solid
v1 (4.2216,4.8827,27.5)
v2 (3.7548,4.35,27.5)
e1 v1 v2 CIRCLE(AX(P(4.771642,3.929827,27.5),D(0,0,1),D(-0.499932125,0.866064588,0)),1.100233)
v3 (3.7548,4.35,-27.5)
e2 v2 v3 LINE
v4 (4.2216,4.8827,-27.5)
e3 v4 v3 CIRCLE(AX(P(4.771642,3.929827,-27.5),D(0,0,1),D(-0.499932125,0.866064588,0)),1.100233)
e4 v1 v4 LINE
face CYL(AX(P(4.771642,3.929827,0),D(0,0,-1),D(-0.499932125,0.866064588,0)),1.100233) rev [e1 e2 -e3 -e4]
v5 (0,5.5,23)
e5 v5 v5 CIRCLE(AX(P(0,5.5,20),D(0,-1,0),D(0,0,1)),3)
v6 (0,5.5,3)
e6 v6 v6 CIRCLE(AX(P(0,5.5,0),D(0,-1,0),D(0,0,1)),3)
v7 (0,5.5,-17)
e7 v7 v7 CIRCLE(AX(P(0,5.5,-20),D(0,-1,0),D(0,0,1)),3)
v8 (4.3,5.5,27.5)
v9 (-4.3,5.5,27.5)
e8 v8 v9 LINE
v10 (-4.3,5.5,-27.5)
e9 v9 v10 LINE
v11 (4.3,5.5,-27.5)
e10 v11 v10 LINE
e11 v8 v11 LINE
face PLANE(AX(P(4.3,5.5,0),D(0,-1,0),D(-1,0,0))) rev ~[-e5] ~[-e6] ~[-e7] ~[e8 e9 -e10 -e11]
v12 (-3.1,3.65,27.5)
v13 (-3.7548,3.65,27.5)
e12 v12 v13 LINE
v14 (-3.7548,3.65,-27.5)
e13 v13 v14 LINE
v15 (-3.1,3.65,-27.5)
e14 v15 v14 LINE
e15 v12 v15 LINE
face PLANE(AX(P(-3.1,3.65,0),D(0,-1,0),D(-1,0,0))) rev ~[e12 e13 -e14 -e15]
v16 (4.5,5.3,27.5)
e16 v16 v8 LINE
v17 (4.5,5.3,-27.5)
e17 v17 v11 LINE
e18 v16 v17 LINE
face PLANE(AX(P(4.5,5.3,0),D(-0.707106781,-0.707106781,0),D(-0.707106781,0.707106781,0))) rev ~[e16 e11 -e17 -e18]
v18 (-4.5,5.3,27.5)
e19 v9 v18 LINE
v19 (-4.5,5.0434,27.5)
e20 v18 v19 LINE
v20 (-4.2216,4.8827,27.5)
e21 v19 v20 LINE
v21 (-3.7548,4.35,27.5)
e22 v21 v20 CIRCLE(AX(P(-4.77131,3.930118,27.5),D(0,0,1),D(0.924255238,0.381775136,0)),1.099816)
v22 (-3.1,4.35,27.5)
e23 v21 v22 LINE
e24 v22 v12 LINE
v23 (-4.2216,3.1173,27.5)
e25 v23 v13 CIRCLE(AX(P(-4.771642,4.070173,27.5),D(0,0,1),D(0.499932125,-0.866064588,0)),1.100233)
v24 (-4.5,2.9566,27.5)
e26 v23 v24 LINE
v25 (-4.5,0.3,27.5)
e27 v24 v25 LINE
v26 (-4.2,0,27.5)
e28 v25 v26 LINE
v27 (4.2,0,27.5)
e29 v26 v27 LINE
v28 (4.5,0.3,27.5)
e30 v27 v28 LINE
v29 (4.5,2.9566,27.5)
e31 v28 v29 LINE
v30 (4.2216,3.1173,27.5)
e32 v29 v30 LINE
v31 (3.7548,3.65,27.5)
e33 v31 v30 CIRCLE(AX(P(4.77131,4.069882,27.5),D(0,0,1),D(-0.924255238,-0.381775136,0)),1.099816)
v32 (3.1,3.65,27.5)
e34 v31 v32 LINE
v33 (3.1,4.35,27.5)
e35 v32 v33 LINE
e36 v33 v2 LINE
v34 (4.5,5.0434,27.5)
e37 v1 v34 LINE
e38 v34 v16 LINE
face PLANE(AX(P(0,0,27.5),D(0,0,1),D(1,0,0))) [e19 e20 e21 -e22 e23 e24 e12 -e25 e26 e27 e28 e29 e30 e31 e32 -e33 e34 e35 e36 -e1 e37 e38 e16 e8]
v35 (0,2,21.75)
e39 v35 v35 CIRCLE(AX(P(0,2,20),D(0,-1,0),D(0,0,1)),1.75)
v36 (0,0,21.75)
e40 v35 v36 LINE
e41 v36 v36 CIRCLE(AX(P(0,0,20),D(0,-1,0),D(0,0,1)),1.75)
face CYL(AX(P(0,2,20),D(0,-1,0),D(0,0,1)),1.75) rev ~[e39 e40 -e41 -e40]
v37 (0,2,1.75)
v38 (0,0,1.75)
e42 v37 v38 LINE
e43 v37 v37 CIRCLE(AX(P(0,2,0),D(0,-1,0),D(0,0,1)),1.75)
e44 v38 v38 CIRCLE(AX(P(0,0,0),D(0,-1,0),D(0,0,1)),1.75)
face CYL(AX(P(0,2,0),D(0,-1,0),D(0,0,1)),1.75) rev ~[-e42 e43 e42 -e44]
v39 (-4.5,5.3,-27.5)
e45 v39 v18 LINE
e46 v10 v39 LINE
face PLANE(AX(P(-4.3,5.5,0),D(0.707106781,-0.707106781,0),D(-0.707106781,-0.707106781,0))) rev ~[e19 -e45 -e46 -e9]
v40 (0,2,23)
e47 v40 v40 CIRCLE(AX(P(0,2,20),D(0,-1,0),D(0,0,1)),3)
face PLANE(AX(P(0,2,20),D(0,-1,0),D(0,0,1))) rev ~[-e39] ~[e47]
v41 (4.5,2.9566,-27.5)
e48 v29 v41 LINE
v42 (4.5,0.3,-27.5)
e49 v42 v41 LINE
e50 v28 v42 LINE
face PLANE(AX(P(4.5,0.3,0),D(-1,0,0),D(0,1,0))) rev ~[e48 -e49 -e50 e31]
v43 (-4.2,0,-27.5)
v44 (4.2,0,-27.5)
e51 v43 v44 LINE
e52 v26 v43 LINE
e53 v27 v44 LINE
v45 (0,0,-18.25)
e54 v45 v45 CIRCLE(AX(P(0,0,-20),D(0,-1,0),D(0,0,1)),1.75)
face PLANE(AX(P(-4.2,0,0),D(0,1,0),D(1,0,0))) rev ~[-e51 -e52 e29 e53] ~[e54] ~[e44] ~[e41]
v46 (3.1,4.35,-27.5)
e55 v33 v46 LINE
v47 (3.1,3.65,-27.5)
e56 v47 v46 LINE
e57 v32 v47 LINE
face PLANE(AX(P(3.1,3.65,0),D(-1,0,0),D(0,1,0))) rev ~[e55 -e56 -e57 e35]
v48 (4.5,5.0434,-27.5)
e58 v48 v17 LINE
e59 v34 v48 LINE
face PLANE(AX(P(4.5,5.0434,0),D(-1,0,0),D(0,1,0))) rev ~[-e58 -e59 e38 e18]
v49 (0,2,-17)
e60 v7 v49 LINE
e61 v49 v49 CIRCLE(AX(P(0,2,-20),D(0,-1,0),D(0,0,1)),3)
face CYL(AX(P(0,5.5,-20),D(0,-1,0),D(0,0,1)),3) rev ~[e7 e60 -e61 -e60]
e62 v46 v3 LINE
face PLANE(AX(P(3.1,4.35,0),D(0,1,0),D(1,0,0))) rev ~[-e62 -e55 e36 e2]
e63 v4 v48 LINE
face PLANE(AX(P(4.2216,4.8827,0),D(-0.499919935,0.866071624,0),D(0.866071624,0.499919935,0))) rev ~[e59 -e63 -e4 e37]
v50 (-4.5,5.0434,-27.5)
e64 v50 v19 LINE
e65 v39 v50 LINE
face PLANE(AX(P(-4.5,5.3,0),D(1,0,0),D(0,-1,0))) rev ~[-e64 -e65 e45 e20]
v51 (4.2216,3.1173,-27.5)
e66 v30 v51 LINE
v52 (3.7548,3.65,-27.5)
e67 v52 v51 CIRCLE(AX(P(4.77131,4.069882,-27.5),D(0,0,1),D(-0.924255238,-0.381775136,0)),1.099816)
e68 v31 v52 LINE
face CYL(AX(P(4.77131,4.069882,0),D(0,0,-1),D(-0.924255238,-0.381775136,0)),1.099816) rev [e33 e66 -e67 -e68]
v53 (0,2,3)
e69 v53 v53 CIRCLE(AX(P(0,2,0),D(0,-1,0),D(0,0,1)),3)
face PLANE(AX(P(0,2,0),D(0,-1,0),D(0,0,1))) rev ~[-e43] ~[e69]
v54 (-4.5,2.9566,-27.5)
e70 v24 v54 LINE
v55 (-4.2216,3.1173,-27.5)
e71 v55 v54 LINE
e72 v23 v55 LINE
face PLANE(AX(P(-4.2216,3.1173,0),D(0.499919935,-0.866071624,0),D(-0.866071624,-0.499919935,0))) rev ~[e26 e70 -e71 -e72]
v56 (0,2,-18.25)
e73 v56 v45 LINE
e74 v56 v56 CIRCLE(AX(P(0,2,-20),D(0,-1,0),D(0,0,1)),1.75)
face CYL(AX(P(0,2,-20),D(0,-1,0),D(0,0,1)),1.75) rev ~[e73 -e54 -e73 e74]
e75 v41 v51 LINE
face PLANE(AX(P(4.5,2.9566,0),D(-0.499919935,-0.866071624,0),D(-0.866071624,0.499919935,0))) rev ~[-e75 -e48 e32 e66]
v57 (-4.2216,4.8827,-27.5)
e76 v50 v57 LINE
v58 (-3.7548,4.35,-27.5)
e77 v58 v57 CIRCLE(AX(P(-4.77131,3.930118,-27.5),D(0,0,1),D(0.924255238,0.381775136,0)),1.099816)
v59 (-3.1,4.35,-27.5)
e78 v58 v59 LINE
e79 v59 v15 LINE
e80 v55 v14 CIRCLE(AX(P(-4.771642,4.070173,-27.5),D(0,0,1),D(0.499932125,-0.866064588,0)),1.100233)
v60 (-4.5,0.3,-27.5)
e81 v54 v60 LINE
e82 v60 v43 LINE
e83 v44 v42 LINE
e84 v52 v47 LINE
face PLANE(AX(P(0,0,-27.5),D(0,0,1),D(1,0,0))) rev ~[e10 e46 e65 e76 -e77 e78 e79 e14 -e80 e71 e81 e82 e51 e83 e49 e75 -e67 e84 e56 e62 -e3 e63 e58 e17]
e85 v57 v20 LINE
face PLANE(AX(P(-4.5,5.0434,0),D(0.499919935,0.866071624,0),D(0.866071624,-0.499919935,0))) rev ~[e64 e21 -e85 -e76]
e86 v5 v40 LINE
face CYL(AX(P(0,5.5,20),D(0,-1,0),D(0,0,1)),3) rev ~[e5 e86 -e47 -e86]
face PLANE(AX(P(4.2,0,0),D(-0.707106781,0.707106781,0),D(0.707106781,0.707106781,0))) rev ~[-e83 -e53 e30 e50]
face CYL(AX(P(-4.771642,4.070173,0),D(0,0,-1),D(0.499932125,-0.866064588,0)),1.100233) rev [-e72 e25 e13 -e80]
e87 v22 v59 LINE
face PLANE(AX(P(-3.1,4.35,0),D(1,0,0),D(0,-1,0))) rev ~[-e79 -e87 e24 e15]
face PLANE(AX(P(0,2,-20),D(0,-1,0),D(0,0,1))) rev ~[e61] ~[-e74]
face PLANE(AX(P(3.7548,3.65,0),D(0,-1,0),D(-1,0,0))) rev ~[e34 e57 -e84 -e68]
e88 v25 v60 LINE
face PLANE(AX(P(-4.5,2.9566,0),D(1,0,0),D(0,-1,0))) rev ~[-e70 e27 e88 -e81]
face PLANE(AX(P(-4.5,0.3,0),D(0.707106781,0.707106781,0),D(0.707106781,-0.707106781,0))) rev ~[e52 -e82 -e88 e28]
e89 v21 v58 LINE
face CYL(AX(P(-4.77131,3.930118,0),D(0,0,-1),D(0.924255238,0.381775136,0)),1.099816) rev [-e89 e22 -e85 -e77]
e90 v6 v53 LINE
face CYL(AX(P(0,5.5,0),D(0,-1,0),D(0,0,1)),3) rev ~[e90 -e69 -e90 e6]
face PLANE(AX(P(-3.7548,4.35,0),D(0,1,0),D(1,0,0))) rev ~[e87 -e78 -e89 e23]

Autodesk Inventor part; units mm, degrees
sketch "Sketch_12" plane through (0, 0, 0) normal (0, 0, 1) x (1, 0, 0)
  line L0 (-4.5, 5.3) -> (-4.5, 5.0434)
  line L1 (-4.5, 5.0434) -> (-4.2216, 4.8827)
  arc A0 (-3.7548, 4.35) -> (-4.2216, 4.8827) centre (-4.7715, 3.93) ccw
  line L2 (-3.7548, 4.35) -> (-3.1, 4.35)
  line L3 (-3.1, 4.35) -> (-3.1, 3.65)
  line L4 (-3.1, 3.65) -> (-3.7548, 3.65)
  arc A1 (-4.2216, 3.1173) -> (-3.7548, 3.65) centre (-4.7715, 4.07) ccw
  line L5 (-4.2216, 3.1173) -> (-4.5, 2.9566)
  line L6 (-4.5, 2.9566) -> (-4.5, 0.3)
  line L7 (-4.5, 0.3) -> (-4.2, 0)
  line L8 (-4.2, 0) -> (4.2, 0)
  line L9 (4.2, 0) -> (4.5, 0.3)
  line L10 (4.5, 0.3) -> (4.5, 2.9566)
  line L11 (4.5, 2.9566) -> (4.2216, 3.1173)
  arc A2 (3.7548, 3.65) -> (4.2216, 3.1173) centre (4.7715, 4.07) ccw
  line L12 (3.7548, 3.65) -> (3.1, 3.65)
  line L13 (3.1, 3.65) -> (3.1, 4.35)
  line L14 (3.1, 4.35) -> (3.7548, 4.35)
  arc A3 (4.2216, 4.8827) -> (3.7548, 4.35) centre (4.7715, 3.93) ccw
  line L15 (4.2216, 4.8827) -> (4.5, 5.0434)
  line L16 (4.5, 5.0434) -> (4.5, 5.3)
  line L17 (4.5, 5.3) -> (4.3, 5.5)
  line L18 (4.3, 5.5) -> (-4.3, 5.5)
  line L19 (-4.3, 5.5) -> (-4.5, 5.3)
extrude "Extrusion1" add sketch "Sketch_12" along normal mid plane 55
sketch "Sketch2" plane through (-4.3, 5.5, 27.5) normal (0, 1, 0) x (1, 0, 0)
  point P0 (4.3, 47.5)
hole "Hole1" at (0, 5.5, -20) direction (0, -1, 0) diameter 3.5 depth 5.5 counterbore diameter 6 counterbore depth 3.5
pattern_linear "Rectangular Pattern1" count 3 spacing 20 along (0, 0, 1) of "Hole1"
ref_plane "to_block_XY" through (0, 5.5, 0) normal (0, 0, 1) x (1, 0, 0)
ref_plane "to_block_YZ" through (0, 5.5, 0) normal (1, 0, 0) x (0, 1, 0)
ref_plane "to_block_ZX" through (0, 5.5, 0) normal (0, 1, 0) x (0, 0, 1)
properties part number "SSEBZ-MX10-55_r"
